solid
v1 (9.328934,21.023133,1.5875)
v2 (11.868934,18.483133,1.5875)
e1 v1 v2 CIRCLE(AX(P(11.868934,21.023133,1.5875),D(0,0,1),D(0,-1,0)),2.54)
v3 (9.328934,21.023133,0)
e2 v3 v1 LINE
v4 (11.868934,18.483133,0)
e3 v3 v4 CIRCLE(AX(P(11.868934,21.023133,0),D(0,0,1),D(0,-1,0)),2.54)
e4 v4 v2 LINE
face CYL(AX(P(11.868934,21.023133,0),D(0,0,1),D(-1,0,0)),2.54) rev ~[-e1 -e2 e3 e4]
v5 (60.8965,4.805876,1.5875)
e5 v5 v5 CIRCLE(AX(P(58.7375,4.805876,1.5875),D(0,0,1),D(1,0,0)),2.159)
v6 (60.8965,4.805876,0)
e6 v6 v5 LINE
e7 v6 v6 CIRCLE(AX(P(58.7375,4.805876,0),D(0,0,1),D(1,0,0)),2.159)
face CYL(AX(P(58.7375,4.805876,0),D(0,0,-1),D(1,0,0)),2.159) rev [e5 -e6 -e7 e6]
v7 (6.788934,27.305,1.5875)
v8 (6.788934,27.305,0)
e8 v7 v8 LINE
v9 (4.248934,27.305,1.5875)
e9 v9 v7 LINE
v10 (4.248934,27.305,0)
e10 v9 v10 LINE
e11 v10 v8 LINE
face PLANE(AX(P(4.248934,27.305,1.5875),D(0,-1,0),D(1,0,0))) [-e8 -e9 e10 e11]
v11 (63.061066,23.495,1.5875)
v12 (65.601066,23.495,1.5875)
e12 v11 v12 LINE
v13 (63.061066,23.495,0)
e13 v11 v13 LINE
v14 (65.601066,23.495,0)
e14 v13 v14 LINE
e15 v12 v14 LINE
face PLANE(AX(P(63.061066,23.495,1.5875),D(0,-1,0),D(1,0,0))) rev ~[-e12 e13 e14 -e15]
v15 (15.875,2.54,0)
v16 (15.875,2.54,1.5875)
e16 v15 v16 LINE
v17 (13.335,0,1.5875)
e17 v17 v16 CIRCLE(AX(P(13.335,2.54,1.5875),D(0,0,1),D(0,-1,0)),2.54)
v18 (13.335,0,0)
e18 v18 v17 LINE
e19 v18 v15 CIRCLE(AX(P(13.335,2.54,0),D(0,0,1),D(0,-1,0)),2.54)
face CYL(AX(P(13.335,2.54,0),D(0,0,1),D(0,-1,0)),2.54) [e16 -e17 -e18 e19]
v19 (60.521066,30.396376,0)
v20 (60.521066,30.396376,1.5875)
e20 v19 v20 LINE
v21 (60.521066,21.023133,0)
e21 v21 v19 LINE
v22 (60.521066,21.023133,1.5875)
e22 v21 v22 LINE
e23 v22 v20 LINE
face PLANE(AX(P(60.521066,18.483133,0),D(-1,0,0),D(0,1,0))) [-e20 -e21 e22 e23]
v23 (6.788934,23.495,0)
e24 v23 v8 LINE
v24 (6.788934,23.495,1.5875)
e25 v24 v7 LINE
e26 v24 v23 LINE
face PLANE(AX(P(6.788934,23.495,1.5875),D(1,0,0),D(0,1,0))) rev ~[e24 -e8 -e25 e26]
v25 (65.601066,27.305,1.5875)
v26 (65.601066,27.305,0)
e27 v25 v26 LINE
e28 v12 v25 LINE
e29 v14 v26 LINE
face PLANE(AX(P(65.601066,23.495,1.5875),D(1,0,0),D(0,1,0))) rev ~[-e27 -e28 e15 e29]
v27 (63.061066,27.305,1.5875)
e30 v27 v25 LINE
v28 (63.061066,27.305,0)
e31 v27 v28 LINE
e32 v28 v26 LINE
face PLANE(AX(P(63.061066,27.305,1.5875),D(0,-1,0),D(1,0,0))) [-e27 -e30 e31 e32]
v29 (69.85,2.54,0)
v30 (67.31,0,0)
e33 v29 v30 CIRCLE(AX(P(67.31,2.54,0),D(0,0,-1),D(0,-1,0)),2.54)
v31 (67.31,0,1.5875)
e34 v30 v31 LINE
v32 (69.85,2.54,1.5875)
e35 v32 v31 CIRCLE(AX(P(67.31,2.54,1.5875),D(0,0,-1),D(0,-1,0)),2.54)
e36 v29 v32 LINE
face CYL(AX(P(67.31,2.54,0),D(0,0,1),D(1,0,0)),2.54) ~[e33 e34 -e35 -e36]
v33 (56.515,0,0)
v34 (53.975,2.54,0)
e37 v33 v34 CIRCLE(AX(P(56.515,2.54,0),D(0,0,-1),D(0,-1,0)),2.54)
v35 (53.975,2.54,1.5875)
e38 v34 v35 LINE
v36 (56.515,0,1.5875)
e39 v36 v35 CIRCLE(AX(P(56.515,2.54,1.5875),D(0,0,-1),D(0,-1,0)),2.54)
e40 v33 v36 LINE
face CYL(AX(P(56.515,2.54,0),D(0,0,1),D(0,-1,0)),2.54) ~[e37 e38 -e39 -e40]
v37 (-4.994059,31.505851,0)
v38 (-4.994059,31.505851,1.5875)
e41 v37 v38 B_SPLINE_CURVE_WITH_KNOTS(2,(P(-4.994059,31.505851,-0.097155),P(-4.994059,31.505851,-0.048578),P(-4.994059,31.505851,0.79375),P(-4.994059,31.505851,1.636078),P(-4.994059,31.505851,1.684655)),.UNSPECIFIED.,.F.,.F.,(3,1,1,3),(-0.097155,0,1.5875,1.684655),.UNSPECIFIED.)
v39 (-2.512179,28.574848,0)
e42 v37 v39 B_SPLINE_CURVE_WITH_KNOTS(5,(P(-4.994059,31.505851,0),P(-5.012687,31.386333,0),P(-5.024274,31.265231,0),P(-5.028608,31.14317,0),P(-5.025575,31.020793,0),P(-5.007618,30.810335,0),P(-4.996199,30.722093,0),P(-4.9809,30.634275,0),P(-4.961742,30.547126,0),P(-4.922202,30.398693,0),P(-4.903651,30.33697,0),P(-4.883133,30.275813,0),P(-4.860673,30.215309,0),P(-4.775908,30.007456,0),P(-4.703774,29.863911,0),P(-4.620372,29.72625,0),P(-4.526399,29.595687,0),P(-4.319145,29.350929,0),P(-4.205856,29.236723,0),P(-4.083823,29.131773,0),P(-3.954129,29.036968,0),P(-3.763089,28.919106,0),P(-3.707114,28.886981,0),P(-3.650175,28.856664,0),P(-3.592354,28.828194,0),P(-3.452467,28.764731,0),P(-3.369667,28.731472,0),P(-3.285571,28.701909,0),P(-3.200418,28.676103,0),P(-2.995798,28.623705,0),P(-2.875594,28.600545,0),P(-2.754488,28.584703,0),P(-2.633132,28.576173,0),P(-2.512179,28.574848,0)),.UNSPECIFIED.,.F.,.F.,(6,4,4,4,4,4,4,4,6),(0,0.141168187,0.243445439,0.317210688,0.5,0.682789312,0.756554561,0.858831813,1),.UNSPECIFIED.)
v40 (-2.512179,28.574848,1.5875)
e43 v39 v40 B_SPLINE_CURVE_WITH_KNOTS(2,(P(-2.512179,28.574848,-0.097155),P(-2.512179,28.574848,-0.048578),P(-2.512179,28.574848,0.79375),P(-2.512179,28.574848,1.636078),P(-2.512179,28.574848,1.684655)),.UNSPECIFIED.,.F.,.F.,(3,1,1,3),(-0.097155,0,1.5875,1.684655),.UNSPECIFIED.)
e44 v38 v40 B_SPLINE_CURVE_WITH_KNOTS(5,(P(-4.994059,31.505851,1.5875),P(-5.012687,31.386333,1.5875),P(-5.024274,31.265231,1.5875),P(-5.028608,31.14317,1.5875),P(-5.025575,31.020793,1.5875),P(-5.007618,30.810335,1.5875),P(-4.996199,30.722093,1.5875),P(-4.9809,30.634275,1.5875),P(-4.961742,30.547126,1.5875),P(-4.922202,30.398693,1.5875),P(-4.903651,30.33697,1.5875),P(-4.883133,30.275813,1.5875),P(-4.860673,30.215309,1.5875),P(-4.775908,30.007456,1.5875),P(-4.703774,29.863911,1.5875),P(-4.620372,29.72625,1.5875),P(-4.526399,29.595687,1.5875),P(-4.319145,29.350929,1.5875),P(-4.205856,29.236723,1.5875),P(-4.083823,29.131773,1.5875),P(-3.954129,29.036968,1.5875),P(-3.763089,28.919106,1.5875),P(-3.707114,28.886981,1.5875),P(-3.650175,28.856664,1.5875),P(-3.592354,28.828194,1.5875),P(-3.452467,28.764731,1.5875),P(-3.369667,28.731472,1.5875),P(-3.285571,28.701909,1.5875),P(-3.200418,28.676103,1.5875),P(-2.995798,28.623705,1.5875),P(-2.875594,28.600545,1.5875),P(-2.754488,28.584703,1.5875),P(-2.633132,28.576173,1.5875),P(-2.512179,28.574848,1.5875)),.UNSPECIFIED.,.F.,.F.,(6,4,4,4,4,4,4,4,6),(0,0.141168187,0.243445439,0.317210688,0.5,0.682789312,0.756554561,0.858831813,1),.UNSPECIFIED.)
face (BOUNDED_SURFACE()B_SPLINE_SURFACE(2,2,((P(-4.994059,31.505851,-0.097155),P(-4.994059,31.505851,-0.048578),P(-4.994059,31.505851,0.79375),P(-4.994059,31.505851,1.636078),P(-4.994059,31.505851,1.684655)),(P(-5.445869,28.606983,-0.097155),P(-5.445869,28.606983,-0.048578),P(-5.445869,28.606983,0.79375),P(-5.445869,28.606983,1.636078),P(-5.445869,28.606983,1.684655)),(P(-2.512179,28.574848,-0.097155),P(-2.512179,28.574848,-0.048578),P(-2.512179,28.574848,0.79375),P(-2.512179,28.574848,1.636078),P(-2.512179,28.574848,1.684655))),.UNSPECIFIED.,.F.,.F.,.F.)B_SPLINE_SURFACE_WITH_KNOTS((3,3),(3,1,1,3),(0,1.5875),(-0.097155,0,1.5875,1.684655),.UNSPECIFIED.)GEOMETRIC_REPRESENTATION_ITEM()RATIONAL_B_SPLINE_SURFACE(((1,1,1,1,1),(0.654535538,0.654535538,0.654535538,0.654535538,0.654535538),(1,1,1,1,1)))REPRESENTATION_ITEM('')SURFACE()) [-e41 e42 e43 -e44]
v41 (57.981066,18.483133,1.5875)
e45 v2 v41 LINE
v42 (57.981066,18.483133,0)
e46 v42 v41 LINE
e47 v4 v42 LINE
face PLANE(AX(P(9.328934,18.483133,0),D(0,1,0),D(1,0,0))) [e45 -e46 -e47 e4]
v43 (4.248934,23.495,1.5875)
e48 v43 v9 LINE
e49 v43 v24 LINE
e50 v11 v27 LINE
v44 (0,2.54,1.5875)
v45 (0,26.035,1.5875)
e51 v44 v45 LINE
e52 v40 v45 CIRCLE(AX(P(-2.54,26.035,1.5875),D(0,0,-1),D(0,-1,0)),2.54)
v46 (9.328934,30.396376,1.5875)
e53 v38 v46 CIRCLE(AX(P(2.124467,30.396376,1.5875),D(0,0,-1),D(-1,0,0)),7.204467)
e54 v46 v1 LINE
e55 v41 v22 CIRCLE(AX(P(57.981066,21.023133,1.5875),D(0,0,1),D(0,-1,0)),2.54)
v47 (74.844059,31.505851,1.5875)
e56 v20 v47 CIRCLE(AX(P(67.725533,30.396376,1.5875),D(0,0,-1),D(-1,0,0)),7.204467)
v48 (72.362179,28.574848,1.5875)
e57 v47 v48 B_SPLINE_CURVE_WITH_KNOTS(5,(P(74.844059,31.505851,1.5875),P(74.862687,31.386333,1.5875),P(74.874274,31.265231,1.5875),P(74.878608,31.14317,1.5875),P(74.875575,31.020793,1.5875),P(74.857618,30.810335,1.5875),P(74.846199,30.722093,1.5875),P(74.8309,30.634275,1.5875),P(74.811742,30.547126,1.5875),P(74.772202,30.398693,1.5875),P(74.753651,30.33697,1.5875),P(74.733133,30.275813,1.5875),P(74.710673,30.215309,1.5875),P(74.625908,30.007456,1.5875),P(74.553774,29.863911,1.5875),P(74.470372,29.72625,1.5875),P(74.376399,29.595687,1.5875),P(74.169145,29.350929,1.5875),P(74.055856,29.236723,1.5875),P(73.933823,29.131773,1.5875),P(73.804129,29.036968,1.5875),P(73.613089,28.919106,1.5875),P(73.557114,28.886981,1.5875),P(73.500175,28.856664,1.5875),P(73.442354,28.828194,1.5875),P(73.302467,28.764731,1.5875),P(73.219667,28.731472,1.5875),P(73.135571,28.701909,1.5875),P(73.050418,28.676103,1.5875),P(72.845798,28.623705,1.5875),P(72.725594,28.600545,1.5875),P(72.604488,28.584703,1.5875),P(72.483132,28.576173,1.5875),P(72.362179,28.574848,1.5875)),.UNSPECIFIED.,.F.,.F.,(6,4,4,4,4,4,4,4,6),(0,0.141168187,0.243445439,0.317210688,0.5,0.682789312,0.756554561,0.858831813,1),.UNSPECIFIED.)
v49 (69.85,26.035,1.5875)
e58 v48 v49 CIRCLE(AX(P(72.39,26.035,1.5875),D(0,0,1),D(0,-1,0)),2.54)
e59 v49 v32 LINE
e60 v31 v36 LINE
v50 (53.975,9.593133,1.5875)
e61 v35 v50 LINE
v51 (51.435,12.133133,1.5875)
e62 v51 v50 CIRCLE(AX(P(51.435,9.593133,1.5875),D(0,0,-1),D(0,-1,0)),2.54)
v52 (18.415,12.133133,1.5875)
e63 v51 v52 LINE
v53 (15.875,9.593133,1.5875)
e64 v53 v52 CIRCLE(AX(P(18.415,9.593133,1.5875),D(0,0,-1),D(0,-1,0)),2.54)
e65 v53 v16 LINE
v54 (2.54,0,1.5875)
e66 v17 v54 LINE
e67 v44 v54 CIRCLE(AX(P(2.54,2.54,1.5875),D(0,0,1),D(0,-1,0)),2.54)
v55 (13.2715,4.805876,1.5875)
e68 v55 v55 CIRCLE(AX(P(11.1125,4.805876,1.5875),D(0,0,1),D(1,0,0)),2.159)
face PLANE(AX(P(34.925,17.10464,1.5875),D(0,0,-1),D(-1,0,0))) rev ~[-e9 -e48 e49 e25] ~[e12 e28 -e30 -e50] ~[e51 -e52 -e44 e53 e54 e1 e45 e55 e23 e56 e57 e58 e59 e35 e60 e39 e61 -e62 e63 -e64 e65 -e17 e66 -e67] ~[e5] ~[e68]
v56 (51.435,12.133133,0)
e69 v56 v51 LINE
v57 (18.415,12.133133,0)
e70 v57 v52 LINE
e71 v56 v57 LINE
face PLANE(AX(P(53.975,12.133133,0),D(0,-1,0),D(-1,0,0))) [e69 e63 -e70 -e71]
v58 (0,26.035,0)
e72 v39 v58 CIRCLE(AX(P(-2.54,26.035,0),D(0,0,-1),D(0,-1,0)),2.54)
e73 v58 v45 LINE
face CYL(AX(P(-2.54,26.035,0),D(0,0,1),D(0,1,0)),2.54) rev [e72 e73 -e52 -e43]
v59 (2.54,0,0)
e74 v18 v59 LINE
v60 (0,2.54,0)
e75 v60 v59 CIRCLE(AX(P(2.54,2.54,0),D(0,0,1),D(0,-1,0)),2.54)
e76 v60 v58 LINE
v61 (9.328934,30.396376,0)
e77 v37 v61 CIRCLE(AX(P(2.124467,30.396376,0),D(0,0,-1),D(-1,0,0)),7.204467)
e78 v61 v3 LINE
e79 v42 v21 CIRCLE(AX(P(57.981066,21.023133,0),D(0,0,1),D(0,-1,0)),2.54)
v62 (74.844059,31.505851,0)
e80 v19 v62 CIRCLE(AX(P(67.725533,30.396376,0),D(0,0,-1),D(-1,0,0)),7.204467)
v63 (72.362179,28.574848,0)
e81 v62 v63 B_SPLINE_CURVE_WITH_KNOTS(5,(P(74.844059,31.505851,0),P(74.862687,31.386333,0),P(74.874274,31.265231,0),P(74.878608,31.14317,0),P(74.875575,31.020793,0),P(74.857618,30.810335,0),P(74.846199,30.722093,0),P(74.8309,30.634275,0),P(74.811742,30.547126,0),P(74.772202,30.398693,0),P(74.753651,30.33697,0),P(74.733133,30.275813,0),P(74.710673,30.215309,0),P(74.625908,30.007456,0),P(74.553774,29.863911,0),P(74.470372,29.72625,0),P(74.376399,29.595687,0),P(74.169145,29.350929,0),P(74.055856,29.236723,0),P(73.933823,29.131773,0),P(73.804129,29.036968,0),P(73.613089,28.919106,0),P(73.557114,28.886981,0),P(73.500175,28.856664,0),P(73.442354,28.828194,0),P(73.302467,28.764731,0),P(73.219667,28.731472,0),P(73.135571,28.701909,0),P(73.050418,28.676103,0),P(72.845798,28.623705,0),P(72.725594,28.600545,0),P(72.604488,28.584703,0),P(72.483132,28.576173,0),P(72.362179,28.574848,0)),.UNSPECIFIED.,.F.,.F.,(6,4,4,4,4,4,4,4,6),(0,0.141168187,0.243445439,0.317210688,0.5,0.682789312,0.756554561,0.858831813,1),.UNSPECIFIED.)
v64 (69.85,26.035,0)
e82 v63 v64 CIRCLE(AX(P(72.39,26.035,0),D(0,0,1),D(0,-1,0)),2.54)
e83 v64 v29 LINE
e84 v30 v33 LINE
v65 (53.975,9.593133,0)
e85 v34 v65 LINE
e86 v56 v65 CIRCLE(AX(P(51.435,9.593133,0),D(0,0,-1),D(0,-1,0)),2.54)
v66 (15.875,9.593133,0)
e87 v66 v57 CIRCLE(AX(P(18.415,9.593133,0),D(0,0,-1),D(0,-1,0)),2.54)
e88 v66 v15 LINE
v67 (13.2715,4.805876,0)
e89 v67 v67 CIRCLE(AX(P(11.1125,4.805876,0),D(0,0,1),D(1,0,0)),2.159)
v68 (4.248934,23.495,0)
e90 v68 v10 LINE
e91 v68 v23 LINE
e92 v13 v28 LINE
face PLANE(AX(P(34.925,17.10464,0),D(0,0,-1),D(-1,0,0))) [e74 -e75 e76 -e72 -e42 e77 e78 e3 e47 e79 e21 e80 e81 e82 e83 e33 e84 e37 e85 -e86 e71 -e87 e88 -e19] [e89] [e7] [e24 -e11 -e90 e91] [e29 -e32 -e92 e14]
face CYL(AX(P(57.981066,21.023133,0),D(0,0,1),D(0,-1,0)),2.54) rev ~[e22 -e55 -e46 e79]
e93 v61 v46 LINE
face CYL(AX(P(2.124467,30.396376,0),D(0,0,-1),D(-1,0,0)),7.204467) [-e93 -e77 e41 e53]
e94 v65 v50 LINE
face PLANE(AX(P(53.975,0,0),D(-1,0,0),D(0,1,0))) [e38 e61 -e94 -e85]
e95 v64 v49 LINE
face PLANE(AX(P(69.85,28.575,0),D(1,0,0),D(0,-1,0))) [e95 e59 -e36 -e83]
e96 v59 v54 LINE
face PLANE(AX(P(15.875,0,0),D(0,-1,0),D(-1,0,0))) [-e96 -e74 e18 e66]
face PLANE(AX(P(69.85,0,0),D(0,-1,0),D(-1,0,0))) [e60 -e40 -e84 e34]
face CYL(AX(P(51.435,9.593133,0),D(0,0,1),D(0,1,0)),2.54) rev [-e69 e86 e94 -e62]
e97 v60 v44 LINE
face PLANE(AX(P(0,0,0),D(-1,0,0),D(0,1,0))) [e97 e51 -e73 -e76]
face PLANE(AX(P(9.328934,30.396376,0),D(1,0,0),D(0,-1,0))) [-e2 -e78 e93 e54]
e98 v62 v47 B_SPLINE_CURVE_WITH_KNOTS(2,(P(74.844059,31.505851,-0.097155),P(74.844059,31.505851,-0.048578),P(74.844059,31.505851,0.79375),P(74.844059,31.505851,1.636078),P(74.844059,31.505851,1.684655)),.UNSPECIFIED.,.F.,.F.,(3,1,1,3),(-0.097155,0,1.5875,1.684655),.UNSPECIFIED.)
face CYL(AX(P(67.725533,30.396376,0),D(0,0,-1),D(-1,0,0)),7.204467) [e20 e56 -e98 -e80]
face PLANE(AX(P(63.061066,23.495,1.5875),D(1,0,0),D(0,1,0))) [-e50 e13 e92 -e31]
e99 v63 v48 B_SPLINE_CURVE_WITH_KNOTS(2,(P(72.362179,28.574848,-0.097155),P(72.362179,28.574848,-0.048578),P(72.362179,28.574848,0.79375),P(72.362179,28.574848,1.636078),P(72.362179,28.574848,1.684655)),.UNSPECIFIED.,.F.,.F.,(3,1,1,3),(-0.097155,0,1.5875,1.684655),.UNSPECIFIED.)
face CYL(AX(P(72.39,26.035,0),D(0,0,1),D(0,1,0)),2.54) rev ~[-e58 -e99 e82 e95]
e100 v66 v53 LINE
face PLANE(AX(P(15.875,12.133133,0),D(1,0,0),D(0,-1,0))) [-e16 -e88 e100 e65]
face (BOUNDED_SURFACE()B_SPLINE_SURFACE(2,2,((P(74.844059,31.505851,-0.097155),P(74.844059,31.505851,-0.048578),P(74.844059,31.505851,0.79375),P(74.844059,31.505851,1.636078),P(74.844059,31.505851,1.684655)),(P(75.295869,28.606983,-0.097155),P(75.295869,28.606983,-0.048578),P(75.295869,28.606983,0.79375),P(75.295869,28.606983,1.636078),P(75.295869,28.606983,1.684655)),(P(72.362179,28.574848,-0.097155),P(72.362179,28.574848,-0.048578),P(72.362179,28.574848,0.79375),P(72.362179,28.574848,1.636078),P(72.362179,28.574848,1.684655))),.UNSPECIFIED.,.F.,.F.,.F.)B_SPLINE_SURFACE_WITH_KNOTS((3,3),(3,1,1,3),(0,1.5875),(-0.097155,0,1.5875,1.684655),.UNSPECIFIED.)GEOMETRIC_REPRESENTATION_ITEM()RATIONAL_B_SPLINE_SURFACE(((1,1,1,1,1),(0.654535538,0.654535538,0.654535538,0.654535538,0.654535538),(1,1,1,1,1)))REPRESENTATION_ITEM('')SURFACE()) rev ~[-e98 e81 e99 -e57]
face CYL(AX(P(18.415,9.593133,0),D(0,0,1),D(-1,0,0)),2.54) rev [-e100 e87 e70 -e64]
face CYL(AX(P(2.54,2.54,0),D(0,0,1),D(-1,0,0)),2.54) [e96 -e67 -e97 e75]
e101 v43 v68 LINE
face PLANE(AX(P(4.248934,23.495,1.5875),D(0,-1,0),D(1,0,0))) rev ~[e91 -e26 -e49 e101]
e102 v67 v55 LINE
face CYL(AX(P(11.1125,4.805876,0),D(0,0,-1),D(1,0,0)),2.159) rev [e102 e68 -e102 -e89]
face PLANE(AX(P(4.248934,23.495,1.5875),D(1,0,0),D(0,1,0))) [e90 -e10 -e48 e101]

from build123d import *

# Parameters (mm, degrees)
SKETCH1_R           = 2.159
BOSS_EXTRUDE1_DEPTH = 1.5875
SKETCH2_W           = 2.54
SKETCH2_H           = 3.81
CUT_EXTRUDE1_DEPTH  = 1.5875
FILLET1_R           = 2.54
FILLET2_R           = 2.54


with BuildPart() as part:
    # Sketch1 → Boss-Extrude1 (new body)
    with BuildSketch(Plane.XY):
        with BuildLine():
            Line((9.32893445, 30.396375958), (9.32893445, 18.483132928))
            Line((9.32893445, 18.483132928), (60.52106555, 18.483132928))
            Line((60.52106555, 18.483132928), (60.52106555, 30.396375958))
            ThreePointArc((60.52106555, 30.396375958), (67.725532775, 37.600843183), (74.93, 30.396375958))
            Line((74.93, 30.396375958), (74.93, 28.575))
            Line((74.93, 28.575), (69.85, 28.575))
            Line((69.85, 28.575), (69.85, 0))
            Line((69.85, 0), (53.975, 0))
            Line((53.975, 0), (53.975, 12.133132928))
            Line((53.975, 12.133132928), (15.875, 12.133132928))
            Line((15.875, 12.133132928), (15.875, 0))
            Line((15.875, 0), (0, 0))
            Line((0, 0), (0, 28.575))
            Line((0, 28.575), (-5.08, 28.575))
            Line((-5.08, 28.575), (-5.08, 30.396375958))
            ThreePointArc((-5.08, 30.396375958), (2.124467225, 37.600843183), (9.32893445, 30.396375958))
        make_face()
        with Locations((11.1125, 4.805875958)):
            Circle(SKETCH1_R, mode=Mode.SUBTRACT)
        with Locations((58.7375, 4.805875958)):
            Circle(SKETCH1_R, mode=Mode.SUBTRACT)
    extrude(amount=BOSS_EXTRUDE1_DEPTH)

    # Sketch2 → Cut-Extrude1 (cut)
    with BuildSketch(Plane.XY.offset(1.5875)):
        with Locations((5.51893445, 25.4)):
            Rectangle(SKETCH2_W, SKETCH2_H)
        with Locations((64.33106555, 25.4)):
            Rectangle(SKETCH2_W, SKETCH2_H)
    extrude(amount=-CUT_EXTRUDE1_DEPTH, mode=Mode.SUBTRACT)

    # Fillet1
    fillet1_edges = [part.edges().sort_by_distance(p)[0] for p in [
        (60.52106555, 18.483132928, 0.79375),
        (69.85, 28.575, 0.79375),
        (69.85, 0, 0.79375),
        (53.975, 0, 0.79375),
        (53.975, 12.133132928, 0.79375),
        (15.875, 12.133132928, 0.79375),
        (15.875, 0, 0.79375),
        (0, 0, 0.79375),
        (0, 28.575, 0.79375),
        (9.32893445, 18.483132928, 0.79375),
    ]]
    fillet(fillet1_edges, radius=FILLET1_R)

    # Fillet2
    fillet2_edges = [part.edges().sort_by_distance(p)[0] for p in [
        (-5.08, 28.575, 0.79375),
        (74.93, 28.575, 0.79375),
    ]]
    fillet(fillet2_edges, radius=FILLET2_R)


solid = part.part
